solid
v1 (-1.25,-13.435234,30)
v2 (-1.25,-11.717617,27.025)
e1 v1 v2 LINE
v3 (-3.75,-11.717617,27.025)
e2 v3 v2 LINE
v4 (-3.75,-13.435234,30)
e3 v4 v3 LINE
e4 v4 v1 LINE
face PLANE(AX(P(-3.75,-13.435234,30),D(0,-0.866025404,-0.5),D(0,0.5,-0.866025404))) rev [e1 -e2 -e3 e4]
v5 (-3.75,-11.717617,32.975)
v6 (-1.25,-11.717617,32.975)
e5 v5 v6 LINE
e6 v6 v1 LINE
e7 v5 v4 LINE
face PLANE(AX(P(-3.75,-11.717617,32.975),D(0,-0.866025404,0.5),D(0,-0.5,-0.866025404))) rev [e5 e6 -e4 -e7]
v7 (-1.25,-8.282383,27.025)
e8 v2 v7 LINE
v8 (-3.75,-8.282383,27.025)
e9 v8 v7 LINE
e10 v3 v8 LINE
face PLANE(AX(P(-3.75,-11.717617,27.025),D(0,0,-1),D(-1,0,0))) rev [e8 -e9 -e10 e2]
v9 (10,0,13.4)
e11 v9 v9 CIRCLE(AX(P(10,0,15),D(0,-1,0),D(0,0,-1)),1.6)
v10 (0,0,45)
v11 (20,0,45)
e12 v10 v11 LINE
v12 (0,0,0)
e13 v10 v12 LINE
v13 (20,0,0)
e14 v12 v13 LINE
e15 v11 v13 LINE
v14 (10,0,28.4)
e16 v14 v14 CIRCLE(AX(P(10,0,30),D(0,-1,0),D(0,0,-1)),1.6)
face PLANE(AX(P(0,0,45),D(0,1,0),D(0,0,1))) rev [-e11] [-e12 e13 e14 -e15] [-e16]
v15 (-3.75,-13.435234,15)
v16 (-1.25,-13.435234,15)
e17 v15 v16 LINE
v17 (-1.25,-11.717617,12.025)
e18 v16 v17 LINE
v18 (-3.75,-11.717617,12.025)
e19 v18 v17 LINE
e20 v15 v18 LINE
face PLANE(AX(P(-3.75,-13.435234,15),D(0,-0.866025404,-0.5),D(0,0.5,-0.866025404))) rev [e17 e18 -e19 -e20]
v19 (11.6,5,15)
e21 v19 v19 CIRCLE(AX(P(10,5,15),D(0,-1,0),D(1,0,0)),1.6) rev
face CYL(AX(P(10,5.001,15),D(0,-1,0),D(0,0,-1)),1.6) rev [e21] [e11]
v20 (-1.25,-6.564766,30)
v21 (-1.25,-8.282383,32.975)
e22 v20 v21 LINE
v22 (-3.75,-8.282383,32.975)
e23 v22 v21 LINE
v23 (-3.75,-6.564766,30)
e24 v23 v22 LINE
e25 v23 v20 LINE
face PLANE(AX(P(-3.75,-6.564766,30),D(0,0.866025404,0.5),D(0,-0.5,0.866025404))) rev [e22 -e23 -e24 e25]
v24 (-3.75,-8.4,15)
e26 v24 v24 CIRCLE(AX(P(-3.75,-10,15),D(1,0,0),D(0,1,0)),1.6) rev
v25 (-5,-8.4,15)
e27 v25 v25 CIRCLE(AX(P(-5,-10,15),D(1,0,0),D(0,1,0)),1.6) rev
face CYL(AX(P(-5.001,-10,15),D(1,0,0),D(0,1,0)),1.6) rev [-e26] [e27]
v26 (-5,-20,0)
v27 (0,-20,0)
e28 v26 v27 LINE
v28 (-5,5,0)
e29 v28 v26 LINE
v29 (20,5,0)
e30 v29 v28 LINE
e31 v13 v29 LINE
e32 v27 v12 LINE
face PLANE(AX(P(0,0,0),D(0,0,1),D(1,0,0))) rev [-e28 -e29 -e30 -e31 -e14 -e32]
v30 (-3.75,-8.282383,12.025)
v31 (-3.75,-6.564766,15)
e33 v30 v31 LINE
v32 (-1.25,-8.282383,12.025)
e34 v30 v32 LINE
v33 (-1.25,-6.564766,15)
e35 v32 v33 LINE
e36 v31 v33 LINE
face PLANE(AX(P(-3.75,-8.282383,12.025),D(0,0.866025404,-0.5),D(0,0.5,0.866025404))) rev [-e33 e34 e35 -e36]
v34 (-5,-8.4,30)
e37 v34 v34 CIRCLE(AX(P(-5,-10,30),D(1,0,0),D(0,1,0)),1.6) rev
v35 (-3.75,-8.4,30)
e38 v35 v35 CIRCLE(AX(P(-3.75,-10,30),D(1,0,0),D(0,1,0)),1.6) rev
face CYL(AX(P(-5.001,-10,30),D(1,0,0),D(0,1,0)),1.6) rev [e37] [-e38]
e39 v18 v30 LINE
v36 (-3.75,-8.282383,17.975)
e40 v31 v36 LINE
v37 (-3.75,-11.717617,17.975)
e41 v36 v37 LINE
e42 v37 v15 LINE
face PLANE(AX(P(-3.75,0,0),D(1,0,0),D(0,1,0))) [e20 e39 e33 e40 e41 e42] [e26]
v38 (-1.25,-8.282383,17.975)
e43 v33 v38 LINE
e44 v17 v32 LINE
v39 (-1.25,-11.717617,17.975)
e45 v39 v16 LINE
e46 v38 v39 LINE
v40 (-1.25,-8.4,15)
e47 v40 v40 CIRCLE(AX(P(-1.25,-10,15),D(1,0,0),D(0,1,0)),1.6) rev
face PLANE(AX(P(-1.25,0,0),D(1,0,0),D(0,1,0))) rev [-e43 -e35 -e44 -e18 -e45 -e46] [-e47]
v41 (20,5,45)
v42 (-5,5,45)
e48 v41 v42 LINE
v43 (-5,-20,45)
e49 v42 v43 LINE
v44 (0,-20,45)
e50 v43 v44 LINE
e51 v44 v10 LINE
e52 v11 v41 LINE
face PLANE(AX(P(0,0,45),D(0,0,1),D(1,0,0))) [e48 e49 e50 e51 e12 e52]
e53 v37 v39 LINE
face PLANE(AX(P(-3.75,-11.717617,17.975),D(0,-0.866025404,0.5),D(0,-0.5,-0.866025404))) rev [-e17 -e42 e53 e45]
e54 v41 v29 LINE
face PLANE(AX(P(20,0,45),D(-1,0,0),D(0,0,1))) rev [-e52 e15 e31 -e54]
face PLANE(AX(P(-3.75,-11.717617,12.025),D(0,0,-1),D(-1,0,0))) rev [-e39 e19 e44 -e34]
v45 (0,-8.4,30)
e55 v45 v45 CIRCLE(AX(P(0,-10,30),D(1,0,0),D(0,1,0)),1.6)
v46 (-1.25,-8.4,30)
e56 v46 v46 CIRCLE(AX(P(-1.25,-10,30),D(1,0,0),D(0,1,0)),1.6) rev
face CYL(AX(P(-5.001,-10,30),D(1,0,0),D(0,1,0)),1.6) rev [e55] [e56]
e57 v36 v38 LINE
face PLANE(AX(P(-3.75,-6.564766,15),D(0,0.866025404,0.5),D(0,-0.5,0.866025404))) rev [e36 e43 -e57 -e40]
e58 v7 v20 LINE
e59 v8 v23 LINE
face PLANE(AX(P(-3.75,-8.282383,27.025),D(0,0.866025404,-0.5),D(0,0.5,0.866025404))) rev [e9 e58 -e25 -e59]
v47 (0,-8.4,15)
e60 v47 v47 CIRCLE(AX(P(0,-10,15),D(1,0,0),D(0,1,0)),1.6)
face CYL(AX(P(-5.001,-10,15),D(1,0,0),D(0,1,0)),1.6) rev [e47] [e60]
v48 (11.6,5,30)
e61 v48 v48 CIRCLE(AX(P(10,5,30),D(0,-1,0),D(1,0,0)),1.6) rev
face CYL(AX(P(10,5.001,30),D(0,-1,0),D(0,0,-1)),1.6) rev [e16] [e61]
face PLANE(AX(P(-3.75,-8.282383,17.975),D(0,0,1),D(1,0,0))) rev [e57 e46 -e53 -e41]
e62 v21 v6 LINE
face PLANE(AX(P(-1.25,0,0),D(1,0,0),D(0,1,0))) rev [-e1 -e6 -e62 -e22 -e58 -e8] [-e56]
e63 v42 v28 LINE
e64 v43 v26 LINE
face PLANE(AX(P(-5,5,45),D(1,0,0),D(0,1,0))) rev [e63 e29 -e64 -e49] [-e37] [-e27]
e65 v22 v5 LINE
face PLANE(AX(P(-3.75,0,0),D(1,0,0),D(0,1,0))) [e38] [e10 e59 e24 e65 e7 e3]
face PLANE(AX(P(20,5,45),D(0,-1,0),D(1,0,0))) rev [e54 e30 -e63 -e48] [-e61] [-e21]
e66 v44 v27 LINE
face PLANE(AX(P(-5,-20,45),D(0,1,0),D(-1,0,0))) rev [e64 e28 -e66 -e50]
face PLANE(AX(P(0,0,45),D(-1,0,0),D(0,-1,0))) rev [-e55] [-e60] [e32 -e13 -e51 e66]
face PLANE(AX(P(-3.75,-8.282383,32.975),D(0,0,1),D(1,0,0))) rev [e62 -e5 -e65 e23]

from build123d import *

# Parameters (mm, degrees)
BOSS_EXTRUDE1_DEPTH = 45
CUT_EXTRUDE1_REACH  = 7
SKETCH2_R           = 1.6
CUT_EXTRUDE2_REACH  = 7
SKETCH3_R           = 1.6
CUT_EXTRUDE3_START  = -1.25
CUT_EXTRUDE3_DEPTH  = 2.5


with BuildPart() as part:
    # Sketch1 → Boss-Extrude1 (new body)
    with BuildSketch(Plane.XY):
        Polygon((0, 0), (0, -20), (-5, -20), (-5, 5), (20, 5), (20, 0), align=None)
    extrude(amount=BOSS_EXTRUDE1_DEPTH)

    # Sketch2 → Cut-Extrude1 (cut, up to next)
    with BuildSketch(Plane(origin=(0, 0, 0), x_dir=(0, 0, -1), z_dir=(1, 0, 0)), mode=Mode.PRIVATE) as cut_extrude1_sk1:
        with Locations((-30, -10)):
            Circle(SKETCH2_R)
    cut_extrude1_tool1 = extrude(cut_extrude1_sk1.sketch, amount=-CUT_EXTRUDE1_REACH, mode=Mode.PRIVATE) & part.part
    add(cut_extrude1_tool1.solids().sort_by_distance((0, -10, 30))[0], mode=Mode.SUBTRACT)
    # Sketch2 → Cut-Extrude1 (cut, up to next)
    with BuildSketch(Plane(origin=(0, 0, 0), x_dir=(0, 0, -1), z_dir=(1, 0, 0)), mode=Mode.PRIVATE) as cut_extrude1_sk2:
        with Locations((-15, -10)):
            Circle(SKETCH2_R)
    cut_extrude1_tool2 = extrude(cut_extrude1_sk2.sketch, amount=-CUT_EXTRUDE1_REACH, mode=Mode.PRIVATE) & part.part
    add(cut_extrude1_tool2.solids().sort_by_distance((0, -10, 15))[0], mode=Mode.SUBTRACT)

    # Sketch3 → Cut-Extrude2 (cut, up to next)
    with BuildSketch(Plane.XZ, mode=Mode.PRIVATE) as cut_extrude2_sk1:
        with Locations((10, 30)):
            Circle(SKETCH3_R)
    cut_extrude2_tool1 = extrude(cut_extrude2_sk1.sketch, amount=-CUT_EXTRUDE2_REACH, mode=Mode.PRIVATE) & part.part
    add(cut_extrude2_tool1.solids().sort_by_distance((10, 0, 30))[0], mode=Mode.SUBTRACT)
    # Sketch3 → Cut-Extrude2 (cut, up to next)
    with BuildSketch(Plane.XZ, mode=Mode.PRIVATE) as cut_extrude2_sk2:
        with Locations((10, 15)):
            Circle(SKETCH3_R)
    cut_extrude2_tool2 = extrude(cut_extrude2_sk2.sketch, amount=-CUT_EXTRUDE2_REACH, mode=Mode.PRIVATE) & part.part
    add(cut_extrude2_tool2.solids().sort_by_distance((10, 0, 15))[0], mode=Mode.SUBTRACT)

    # Sketch4 → Cut-Extrude3 (cut)
    with BuildSketch(Plane(origin=(0, 0, 0), x_dir=(0, 0, -1), z_dir=(1, 0, 0)).offset(CUT_EXTRUDE3_START)):
        Polygon((-30, -6.564765898), (-32.975, -8.282382949), (-32.975, -11.717617051), (-30, -13.435234102), (-27.025, -11.717617051), (-27.025, -8.282382949), align=None)
        Polygon((-15, -6.564765898), (-17.975, -8.282382949), (-17.975, -11.717617051), (-15, -13.435234102), (-12.025, -11.717617051), (-12.025, -8.282382949), align=None)
    extrude(amount=-CUT_EXTRUDE3_DEPTH, mode=Mode.SUBTRACT)


solid = part.part
